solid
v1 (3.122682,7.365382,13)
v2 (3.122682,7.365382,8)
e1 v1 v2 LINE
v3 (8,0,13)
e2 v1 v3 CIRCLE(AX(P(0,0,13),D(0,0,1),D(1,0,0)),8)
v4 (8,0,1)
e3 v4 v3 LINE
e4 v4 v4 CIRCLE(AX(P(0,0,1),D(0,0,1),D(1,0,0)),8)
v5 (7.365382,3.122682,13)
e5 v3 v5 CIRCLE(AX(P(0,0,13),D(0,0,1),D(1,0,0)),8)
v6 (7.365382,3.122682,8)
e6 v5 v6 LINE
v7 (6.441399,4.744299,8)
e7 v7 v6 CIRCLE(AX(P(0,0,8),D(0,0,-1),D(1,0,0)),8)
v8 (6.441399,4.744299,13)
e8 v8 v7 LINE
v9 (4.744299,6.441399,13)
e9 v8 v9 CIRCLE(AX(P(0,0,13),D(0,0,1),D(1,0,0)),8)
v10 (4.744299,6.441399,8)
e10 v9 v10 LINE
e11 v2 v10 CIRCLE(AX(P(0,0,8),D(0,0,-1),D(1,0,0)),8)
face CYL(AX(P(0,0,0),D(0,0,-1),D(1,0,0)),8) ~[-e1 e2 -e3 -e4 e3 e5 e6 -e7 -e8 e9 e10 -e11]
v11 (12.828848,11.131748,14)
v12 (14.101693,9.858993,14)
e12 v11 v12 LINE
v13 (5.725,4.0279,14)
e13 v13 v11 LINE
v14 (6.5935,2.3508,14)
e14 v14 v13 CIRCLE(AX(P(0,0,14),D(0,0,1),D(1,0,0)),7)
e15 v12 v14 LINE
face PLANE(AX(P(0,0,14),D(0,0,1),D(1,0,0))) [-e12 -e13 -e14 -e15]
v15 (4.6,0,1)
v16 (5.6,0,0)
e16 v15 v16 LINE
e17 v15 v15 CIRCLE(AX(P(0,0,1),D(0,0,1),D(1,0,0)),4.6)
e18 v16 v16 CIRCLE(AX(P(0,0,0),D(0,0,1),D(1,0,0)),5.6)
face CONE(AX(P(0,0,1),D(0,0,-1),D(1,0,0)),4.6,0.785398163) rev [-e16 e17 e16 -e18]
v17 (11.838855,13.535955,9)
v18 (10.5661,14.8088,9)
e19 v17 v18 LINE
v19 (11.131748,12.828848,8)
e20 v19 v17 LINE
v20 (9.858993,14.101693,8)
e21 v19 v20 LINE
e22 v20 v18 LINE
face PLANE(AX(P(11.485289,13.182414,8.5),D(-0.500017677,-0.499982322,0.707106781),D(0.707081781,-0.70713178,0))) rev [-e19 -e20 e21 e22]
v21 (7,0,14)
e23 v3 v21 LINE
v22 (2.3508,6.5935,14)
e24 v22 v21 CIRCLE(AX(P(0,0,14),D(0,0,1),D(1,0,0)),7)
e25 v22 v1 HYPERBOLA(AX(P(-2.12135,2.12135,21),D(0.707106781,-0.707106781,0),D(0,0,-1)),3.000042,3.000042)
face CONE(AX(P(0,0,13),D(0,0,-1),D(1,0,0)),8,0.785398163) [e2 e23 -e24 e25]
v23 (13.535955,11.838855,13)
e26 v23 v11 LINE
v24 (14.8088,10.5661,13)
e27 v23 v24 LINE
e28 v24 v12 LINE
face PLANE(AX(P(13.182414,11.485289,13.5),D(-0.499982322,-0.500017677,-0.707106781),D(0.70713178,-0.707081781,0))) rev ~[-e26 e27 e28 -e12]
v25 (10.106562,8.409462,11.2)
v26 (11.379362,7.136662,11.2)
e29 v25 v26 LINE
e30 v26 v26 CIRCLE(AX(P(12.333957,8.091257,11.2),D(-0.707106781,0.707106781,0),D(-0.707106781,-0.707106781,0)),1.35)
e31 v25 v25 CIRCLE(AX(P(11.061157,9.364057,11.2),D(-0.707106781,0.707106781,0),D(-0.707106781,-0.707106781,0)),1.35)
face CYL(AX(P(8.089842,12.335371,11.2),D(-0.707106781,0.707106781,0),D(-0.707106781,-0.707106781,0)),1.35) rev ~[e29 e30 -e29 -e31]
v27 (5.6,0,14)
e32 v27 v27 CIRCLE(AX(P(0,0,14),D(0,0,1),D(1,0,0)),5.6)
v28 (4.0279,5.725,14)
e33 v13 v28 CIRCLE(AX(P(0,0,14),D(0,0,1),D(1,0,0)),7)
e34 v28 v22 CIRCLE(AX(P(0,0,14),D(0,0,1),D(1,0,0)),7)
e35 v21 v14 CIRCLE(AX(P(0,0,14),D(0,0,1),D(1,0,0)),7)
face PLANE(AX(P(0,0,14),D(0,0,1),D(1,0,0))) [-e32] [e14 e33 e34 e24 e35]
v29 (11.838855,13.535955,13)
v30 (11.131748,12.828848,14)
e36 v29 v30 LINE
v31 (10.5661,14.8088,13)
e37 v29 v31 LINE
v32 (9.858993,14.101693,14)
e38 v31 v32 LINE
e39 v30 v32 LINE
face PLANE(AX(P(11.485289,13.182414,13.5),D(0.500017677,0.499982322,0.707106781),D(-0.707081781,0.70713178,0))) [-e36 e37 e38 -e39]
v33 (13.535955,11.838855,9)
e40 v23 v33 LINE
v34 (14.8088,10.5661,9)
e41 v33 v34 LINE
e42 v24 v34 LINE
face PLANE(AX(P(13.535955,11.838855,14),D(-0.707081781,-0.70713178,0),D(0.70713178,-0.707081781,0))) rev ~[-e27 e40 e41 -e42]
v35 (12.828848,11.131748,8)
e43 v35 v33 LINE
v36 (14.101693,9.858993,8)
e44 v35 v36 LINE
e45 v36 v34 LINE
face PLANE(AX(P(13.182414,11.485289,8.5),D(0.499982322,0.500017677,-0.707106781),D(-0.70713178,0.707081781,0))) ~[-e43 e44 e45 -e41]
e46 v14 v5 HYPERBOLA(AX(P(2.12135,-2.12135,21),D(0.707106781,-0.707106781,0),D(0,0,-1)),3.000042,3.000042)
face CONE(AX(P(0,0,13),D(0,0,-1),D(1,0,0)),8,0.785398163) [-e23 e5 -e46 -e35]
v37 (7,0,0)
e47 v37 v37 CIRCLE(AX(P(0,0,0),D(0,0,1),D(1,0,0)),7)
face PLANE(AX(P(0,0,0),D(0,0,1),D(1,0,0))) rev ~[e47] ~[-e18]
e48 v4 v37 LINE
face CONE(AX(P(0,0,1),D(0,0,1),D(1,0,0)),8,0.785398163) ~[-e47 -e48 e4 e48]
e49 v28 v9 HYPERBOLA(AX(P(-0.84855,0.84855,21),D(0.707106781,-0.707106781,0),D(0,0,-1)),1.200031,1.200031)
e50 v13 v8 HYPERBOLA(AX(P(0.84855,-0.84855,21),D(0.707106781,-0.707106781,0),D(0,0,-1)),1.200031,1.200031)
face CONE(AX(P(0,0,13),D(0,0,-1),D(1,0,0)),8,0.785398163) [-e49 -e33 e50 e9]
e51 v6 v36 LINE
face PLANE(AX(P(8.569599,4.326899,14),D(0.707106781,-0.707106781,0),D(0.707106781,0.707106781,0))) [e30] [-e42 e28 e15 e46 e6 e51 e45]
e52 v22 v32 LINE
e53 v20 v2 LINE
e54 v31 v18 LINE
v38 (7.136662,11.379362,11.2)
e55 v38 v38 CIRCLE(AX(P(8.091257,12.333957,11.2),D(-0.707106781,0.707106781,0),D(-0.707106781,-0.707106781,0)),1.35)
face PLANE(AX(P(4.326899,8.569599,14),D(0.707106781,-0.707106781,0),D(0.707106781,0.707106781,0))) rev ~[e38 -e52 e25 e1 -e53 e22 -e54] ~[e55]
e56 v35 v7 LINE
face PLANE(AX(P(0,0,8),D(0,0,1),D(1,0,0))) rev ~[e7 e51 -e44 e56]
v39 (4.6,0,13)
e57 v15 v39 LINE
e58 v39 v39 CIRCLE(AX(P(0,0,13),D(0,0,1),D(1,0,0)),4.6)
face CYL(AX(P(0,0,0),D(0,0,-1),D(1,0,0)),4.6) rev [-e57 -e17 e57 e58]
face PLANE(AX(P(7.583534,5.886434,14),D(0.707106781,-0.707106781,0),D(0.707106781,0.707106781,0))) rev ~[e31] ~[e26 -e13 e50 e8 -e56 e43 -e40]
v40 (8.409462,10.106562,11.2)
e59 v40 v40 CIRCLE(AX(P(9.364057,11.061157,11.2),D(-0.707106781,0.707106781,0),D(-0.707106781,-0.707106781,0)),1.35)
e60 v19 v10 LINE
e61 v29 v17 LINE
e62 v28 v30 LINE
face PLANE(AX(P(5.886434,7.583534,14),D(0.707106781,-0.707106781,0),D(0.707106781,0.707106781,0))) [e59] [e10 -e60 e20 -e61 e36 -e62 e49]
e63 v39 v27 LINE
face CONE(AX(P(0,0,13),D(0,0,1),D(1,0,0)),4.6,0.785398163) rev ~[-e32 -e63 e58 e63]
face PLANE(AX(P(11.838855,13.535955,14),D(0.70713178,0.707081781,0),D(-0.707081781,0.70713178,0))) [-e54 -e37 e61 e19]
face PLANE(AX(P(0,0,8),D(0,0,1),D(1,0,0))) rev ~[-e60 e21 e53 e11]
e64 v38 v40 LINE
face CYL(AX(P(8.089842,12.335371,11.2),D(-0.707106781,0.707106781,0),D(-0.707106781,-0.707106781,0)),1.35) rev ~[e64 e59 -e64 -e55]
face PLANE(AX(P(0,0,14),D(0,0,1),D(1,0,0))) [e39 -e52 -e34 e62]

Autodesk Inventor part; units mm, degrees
ref_plane "YZ Plane" through (0, 0, 0) normal (1, 0, 0) x (0, 1, 0)
ref_plane "XZ Plane" through (0, 0, 0) normal (0, 1, 0) x (-1, 0, 0)
ref_plane "XY Plane" through (0, 0, 0) normal (0, 0, 1) x (1, 0, 0)
sketch "Эскиз1" plane through (0, 0, 0) normal (0, 0, 1) x (1, 0, 0)
  circle A0 centre (0, 0) radius 8.1 projected
  circle A1 centre (0, 0) radius 8
  circle A2 centre (0, 0) radius 4.6
  dimension "d0" = 0.1
  dimension "d1" = 9.2
extrude "Выдавливание1" add sketch "Эскиз1" along normal blind 14 contours A1
chamfer "Фаска1" distance 1 angle 45 4 edges at (-8, 0, 14) (-8, 0, 0) (-4.6, 0, 14) (-4.6, 0, 0)
sketch "Эскиз2" plane through (0, 0, 14) normal (0, 0, 1) x (1, 0, 0)
  circle A0 centre (15.2735, -186.1533) radius 2.5 projected
  circle A1 centre (19.2813, -181.6882) radius 2.5 projected
  circle A2 centre (6.7164, -177.6929) radius 2.5 projected
  circle A3 centre (6.7164, -107.6929) radius 2.5 projected
  circle A4 centre (11.2658, -120.6185) radius 2.5 projected
  circle A5 centre (6.7164, -37.6929) radius 2.5 projected
  circle A6 centre (15.2735, -46.1533) radius 2.5 projected
  circle A7 centre (23.2891, -37.223) radius 2.5 projected
  circle A8 centre (26, -154.7115) radius 6 projected
  circle A9 centre (26, -84.7115) radius 6 projected
  circle A10 centre (-32.5, -91.359) radius 1.5 projected
  circle A11 centre (-32.5, -21.359) radius 1.5 projected
  line L0 (15.5395, 14.1253) -> (7.4584, 6.0442) projected
  arc A12 (6.0442, 7.4584) -> (7.4584, 6.0442) centre (0, 0) ccw projected
  line L1 (6.0442, 7.4584) -> (14.1253, 15.5395) projected
  arc A13 (14.1253, 15.5395) -> (-20.9712, 1.0986) centre (0, 0) ccw projected
  arc A14 (-25.0526, -8.0684) -> (-20.9712, 1.0986) centre (-34.9521, 1.8311) ccw projected
  line L2 (-25.0526, -8.0684) -> (-27.881, -10.8968) projected
  line L3 (-27.881, -5.24) -> (-27.881, -10.8968) projected
  line L4 (-36.4645, -13.8234) -> (-27.881, -5.24) projected
  line L5 (-39, -19.9448) -> (-36.4645, -13.8234) projected
  line L6 (-39, -107.9932) -> (-39, -19.9448) projected
  line L7 (-38.7059, -110.2271) -> (-39, -107.9932) projected
  line L8 (-11.2941, -212.5294) -> (-38.7059, -110.2271) projected
  line L9 (-10, -222.359) -> (-11.2941, -212.5294) projected
  line L10 (-10, -239.5306) -> (-10, -222.359) projected
  line L11 (-5.9, -243.6306) -> (-10, -239.5306) projected
  line L12 (-5.9, -232.3168) -> (-5.9, -243.6306) projected
  line L13 (-5.9, -232.3168) -> (-1.4533, -236.7636) projected
  arc A15 (-0.3274, -237.8894) -> (-1.4533, -236.7636) centre (0.6355, -235.8007) ccw projected
  line L14 (-0.3274, -237.8894) -> (0.1419, -238.3587) projected
  line L15 (0.1419, -238.3587) -> (21.8181, -232.5506) projected
  arc A16 (21.8181, -232.5506) -> (28.9814, -229.4318) centre (15, -207.1051) ccw projected
  arc A17 (32.6098, -226.6973) -> (28.9814, -229.4318) centre (30.5792, -227.7773) ccw projected
  arc A18 (32.6098, -226.6973) -> (41.3431, -207.1051) centre (15, -207.1051) ccw projected
  line L16 (41.3431, -207.1051) -> (41.3431, -44.3275) projected
  line L17 (40.8708, -43.2834) -> (41.3431, -44.3275) projected
  line L18 (40.8708, -43.2834) -> (30.4465, -37.265) projected
  spline S0 degree 3 poles (30.4465, -37.265) (28.5259, -36.1561) (26.8693, -34.6988) (23.9575, -31.0426) (22.8201, -28.8572) (21.6341, -25.5426) (21.3338, -24.5174) (21.0841, -23.4772) knots -1.71756 -1.71756 -1.71756 -1.71756 -1.05224 -1.05224 -0.317791 -0.317791 0 0 0 0 projected
  arc A19 (20.3792, -6.3803) -> (21.0841, -23.4772) centre (26, -14.7115) ccw projected
  spline S1 degree 3 poles (20.3792, -6.3803) (20.4968, -5.2098) (20.6383, -4.0488) (20.7981, -2.9054) knots -3.756173 -3.756173 -3.756173 -3.756173 -3.409835 -3.409835 -3.409835 -3.409835 projected
  arc A20 (20.7981, -2.9054) -> (15.5395, 14.1253) centre (0, 0) ccw projected
  circle A21 centre (19.2813, -41.6882) radius 2.5 projected
  circle A22 centre (11.2658, -50.6185) radius 2.5 projected
  circle A23 centre (19.2813, -111.6882) radius 2.5 projected
  circle A24 centre (15.2735, -116.1533) radius 2.5 projected
  circle A25 centre (23.2891, -107.223) radius 2.5 projected
  circle A26 centre (23.2891, -177.223) radius 2.5 projected
  circle A27 centre (11.2658, -190.6185) radius 2.5 projected
  circle A28 centre (11.5956, -216.8171) radius 12.85 projected
  circle A29 centre (-7.3879, -205.857) radius 2.3 projected
  circle A30 centre (22.5558, -197.8336) radius 2.3 projected
  circle A31 centre (0, 0) radius 8 projected
  line L19 (2.3508, 6.5935) -> (12.5756, 16.8183)
  line L20 (6.0442, 7.4584) -> (4.1919, 5.6061)
  line L21 (11.9803, 13.3945) -> (10.5661, 14.8088)
  line L22 (10.5661, 11.9803) -> (11.9803, 10.5661)
  circle A32 centre (0, 0) radius 7 projected
  line L23 (0, 0) -> (10.0847, 10.0847)
  line L24 (6.5935, 2.3508) -> (16.8183, 12.5756)
  line L25 (7.4584, 6.0442) -> (5.6061, 4.1919)
  line L26 (13.3945, 11.9803) -> (14.8088, 10.5661)
  line L27 (4.0279, 5.725) -> (11.8389, 13.536)
  line L28 (5.725, 4.0279) -> (13.536, 11.8389)
  point P0 (6.5935, 2.3508)
  dimension "d7" = 2
  dimension "d8" = 2
  dimension "d14" = 0.2
  dimension "d15" = 0.2
extrude "Выдавливание2" add sketch "Эскиз2" against normal blind 6 contours L26 L24 A12 L28 | A12 L24 A31 L28 | A31 L24 A32 L28 | L19 L21 L27 A12 | A12 L27 A31 L19 | A31 L27 A32 L19
chamfer "Фаска2" distance 1 angle 45 4 edges at (11.2025, 14.1724, 14) (11.2025, 14.1724, 8) (14.1724, 11.2025, 14) (14.1724, 11.2025, 8)
sketch "Эскиз3" plane through (3.1227, 7.3654, 8) normal (-0.7071, 0.7071, 0) x (-0.7071, -0.7071, 0)
  circle A0 centre (-7.0266, 3.2) radius 1.5 projected
  circle A1 centre (-7.0266, 3.2) radius 1.35
  point P0 (7.4162, -8)
  dimension "d18" = 2.7
extrude "Выдавливание3" cut sketch "Эскиз3" against normal blind 6 contours A1
properties part number "Втулка"
